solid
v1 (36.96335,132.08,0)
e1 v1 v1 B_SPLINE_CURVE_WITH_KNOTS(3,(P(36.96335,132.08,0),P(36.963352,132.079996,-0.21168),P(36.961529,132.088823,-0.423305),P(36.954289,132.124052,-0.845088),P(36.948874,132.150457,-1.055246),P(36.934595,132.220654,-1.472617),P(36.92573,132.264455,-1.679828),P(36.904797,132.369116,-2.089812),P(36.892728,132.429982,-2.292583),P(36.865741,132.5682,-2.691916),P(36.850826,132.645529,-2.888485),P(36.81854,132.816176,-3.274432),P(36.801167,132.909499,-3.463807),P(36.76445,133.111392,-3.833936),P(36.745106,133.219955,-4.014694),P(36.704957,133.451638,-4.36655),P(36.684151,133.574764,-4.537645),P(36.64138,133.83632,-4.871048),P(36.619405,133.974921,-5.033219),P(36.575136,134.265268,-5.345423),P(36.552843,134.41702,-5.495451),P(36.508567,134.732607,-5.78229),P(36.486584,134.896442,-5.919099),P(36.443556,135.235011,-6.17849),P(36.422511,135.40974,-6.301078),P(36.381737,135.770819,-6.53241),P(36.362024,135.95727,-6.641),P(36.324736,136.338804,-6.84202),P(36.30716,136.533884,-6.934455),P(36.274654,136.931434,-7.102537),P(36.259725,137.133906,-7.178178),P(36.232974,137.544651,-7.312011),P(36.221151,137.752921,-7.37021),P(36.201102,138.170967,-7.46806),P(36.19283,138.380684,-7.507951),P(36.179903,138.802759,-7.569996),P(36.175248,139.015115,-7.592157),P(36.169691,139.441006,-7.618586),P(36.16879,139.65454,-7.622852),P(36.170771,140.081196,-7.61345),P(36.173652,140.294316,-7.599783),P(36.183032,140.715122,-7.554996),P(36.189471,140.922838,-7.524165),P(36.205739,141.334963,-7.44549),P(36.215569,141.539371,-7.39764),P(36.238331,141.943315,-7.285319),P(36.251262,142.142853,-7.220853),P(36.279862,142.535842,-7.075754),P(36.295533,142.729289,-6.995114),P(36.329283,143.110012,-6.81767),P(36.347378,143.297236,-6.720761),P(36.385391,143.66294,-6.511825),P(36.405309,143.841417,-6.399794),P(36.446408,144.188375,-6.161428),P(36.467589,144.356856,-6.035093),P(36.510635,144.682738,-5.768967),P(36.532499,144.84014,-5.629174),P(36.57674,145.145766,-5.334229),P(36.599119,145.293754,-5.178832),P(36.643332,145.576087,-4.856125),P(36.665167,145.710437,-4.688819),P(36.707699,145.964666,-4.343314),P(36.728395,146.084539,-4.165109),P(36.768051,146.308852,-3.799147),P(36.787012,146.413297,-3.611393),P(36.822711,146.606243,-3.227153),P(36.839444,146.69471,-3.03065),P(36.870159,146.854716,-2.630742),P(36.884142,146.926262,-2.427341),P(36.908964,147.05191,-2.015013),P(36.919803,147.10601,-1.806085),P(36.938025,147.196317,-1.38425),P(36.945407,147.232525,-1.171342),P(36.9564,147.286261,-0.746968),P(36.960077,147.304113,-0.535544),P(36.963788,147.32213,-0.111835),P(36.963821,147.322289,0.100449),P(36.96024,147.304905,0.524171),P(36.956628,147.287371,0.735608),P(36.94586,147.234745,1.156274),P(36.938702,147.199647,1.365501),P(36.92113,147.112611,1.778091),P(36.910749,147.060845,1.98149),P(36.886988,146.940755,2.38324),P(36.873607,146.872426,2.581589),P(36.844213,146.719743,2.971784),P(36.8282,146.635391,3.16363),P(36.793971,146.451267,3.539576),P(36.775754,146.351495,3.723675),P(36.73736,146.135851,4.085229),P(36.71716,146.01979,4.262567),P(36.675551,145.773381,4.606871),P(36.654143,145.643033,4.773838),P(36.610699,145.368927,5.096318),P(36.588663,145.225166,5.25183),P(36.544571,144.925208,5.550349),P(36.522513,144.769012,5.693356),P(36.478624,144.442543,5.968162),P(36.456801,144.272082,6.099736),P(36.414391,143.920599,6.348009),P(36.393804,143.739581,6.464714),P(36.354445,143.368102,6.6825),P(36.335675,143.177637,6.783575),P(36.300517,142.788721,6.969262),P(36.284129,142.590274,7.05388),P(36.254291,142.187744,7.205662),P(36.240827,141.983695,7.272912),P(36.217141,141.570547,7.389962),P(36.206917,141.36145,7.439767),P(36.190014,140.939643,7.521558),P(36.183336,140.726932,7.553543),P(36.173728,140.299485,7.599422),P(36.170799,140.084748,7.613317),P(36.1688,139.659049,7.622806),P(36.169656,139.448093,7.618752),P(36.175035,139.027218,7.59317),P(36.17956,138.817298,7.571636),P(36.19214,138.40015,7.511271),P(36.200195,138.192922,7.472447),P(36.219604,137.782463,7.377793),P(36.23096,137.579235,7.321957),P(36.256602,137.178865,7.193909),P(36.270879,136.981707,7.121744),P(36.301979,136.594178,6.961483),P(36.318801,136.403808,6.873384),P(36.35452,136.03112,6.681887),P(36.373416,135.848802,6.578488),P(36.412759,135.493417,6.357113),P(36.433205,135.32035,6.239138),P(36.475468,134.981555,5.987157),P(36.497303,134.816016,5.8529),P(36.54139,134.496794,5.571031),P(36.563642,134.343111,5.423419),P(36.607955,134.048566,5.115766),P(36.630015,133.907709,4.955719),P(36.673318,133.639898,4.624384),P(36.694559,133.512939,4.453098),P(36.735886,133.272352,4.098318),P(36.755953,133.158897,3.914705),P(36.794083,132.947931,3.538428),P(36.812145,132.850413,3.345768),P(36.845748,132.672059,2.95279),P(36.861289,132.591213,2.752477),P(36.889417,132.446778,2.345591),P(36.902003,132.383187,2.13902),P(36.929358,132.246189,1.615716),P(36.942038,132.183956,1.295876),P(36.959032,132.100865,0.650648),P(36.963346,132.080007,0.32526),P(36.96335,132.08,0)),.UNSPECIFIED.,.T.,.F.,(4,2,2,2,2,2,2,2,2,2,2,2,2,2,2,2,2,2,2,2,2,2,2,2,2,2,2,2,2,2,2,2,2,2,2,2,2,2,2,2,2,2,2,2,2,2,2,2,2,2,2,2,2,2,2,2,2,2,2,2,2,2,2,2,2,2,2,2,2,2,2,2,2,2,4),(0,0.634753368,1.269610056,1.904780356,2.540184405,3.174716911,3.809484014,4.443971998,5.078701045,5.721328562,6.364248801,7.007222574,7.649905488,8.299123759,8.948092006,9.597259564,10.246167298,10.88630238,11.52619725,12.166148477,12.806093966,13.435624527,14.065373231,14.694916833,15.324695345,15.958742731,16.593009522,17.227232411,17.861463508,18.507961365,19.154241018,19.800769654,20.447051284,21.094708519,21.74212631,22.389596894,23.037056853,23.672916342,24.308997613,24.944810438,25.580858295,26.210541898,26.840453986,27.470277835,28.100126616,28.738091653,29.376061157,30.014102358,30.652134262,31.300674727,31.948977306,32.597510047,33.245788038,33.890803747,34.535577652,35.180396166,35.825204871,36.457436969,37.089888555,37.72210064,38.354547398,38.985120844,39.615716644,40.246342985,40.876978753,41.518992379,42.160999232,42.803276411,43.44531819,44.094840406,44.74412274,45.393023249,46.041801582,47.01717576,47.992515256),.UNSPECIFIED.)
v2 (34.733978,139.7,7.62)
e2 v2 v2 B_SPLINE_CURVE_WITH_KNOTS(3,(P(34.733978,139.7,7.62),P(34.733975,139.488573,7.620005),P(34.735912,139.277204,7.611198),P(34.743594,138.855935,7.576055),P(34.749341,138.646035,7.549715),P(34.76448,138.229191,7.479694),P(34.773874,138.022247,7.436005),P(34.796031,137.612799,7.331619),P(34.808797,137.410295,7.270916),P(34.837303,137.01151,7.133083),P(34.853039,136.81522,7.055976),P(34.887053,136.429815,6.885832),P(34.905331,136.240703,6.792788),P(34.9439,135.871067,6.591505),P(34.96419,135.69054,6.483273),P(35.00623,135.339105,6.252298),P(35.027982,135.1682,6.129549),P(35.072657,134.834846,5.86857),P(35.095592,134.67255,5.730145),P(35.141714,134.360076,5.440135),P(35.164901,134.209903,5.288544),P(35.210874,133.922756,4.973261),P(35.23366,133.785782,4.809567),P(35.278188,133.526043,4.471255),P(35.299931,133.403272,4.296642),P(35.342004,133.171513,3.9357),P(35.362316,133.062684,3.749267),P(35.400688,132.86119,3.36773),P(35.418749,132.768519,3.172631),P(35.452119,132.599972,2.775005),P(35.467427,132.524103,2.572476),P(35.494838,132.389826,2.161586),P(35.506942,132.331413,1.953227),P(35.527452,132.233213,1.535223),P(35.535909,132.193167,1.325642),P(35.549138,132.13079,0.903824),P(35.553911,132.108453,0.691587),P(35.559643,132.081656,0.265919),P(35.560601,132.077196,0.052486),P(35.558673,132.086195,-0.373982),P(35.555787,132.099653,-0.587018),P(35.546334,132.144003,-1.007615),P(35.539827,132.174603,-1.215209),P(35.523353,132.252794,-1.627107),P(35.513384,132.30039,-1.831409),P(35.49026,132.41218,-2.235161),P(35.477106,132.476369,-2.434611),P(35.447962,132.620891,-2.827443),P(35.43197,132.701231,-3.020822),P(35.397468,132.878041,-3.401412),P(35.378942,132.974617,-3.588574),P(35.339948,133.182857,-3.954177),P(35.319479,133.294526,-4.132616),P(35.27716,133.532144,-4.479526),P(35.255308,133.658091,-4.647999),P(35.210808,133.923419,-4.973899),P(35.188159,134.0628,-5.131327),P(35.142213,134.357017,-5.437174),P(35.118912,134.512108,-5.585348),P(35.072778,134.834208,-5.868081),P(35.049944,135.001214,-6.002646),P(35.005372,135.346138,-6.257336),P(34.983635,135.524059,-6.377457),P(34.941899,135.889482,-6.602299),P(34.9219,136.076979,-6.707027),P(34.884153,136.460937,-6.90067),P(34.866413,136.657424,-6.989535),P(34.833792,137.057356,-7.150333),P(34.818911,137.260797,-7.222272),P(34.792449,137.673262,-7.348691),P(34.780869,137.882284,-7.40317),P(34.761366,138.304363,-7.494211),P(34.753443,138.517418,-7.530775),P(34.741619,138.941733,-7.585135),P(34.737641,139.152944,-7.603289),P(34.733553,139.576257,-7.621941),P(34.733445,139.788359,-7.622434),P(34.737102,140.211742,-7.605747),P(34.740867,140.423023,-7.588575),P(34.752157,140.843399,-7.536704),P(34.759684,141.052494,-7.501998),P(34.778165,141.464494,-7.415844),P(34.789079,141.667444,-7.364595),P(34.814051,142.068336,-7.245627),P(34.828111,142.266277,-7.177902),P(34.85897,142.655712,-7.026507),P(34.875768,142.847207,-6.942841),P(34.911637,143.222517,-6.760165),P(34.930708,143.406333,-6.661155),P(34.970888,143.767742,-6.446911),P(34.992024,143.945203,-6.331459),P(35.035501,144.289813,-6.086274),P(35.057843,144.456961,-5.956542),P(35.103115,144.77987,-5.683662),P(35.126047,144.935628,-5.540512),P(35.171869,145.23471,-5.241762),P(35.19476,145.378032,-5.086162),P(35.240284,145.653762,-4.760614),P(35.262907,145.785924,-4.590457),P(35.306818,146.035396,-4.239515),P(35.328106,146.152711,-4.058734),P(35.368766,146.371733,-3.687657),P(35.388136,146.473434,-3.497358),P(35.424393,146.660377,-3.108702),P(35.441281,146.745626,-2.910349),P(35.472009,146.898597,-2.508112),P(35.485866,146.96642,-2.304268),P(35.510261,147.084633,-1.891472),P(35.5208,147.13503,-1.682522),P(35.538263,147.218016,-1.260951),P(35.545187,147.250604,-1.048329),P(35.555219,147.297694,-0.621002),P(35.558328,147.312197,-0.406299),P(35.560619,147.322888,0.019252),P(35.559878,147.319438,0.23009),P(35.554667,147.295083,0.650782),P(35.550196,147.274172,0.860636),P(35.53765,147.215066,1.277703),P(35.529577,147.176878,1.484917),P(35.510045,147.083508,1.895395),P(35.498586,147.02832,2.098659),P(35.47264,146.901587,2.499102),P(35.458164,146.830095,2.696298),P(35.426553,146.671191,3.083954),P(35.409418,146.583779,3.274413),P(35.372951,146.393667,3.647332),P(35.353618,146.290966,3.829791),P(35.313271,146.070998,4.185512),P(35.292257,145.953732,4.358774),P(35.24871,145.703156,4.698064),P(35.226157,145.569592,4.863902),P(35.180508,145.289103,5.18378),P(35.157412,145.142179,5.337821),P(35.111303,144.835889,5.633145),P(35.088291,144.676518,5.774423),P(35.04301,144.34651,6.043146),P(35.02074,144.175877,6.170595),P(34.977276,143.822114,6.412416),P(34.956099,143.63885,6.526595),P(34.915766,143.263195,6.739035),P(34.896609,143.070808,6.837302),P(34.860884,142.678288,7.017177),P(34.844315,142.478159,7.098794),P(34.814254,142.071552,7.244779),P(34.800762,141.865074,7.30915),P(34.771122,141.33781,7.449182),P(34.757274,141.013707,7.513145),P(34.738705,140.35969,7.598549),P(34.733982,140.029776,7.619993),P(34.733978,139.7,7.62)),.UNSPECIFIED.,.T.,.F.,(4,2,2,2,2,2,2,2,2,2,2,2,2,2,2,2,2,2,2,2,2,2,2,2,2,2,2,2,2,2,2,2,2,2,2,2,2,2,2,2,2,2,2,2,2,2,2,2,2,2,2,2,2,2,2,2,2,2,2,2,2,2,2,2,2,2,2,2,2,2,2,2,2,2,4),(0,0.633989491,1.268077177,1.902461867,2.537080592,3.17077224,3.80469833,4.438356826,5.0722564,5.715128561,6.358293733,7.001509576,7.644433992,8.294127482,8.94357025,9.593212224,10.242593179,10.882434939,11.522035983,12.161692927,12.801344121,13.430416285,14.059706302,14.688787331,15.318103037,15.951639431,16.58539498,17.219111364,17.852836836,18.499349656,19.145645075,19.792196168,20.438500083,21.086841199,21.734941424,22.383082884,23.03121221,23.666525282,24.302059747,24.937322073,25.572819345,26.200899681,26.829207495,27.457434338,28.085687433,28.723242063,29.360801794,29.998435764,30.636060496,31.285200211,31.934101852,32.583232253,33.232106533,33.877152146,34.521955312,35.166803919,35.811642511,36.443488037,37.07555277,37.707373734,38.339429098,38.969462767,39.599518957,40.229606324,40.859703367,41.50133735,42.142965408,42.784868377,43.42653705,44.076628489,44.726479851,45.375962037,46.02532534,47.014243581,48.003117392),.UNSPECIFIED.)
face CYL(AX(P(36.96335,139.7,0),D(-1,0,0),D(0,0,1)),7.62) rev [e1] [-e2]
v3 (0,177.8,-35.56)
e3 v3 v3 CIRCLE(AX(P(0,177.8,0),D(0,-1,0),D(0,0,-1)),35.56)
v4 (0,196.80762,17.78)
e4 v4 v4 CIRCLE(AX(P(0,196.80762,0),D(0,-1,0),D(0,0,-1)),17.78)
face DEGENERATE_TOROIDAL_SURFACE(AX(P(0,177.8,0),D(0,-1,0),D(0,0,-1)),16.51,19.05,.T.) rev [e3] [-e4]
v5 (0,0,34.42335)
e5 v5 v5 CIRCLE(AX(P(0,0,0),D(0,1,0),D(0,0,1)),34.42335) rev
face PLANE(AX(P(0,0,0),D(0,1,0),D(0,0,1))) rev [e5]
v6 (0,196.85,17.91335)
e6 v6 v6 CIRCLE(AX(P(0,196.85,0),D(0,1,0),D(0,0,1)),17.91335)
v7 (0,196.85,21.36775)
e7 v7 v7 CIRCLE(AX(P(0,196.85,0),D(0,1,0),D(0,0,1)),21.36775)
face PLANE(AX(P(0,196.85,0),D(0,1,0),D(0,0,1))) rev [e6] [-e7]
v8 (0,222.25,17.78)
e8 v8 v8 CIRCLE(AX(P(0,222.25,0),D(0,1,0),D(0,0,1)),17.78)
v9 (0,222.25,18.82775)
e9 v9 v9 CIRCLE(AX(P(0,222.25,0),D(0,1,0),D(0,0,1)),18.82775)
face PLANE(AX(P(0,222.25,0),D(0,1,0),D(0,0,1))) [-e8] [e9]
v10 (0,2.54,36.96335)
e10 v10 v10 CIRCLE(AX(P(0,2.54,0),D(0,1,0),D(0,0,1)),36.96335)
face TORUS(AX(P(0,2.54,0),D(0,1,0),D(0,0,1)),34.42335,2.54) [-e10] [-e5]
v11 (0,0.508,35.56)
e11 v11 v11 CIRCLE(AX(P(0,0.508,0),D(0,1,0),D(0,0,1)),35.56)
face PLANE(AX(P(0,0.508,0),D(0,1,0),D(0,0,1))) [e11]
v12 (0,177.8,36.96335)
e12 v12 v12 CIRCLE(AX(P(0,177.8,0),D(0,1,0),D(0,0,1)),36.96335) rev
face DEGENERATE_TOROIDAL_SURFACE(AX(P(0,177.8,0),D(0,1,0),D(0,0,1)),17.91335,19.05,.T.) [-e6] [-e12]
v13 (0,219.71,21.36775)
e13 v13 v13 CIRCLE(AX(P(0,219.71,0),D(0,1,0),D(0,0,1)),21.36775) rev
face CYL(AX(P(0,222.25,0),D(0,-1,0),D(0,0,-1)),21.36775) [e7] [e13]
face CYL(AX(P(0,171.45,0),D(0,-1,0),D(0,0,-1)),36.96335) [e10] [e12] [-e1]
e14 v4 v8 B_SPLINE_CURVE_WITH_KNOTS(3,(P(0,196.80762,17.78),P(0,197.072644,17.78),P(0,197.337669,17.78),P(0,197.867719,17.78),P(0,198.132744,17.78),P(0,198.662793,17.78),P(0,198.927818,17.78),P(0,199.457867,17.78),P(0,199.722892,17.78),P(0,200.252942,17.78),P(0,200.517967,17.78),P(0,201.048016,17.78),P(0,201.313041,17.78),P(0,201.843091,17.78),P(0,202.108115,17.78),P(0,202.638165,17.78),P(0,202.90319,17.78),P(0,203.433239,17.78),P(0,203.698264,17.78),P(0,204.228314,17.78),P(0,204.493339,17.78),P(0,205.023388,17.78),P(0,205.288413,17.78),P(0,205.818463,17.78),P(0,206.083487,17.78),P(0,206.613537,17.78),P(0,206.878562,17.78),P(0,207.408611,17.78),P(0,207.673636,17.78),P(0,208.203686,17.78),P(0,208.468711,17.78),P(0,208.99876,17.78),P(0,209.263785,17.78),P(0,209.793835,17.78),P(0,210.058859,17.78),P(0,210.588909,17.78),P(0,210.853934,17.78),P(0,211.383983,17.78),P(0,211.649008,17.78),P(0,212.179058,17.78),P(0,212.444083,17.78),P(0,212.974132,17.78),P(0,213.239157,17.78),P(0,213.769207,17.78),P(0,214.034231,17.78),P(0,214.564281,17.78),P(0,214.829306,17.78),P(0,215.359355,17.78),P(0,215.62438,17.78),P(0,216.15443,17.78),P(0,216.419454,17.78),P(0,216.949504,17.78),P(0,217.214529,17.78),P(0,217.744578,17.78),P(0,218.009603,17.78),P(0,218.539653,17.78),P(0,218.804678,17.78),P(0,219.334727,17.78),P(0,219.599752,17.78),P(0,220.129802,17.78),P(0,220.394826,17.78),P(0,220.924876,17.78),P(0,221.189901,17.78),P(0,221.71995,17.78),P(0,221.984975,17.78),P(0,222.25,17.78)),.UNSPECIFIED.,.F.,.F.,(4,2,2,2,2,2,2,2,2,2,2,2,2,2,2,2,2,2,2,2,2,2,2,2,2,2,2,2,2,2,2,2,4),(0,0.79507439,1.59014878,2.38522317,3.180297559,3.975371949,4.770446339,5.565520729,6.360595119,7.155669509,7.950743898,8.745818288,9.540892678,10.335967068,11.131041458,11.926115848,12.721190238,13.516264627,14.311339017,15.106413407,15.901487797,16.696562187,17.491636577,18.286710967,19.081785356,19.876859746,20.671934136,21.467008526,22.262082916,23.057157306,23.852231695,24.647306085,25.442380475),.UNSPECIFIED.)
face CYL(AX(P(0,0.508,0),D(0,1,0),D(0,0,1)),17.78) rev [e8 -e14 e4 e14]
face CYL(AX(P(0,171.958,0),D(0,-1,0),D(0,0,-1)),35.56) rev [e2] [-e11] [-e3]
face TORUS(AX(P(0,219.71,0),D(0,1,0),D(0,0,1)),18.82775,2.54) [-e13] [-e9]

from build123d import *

# Parameters (mm, degrees)
SKETCH1_R               = 36.96335
BOSS_EXTRUDE1_DEPTH     = 171.45
FILLET1_R               = 2.54
SKETCH10_R              = 36.96335
BOSS_EXTRUDE2_DEPTH     = 25.4
FILLET2_R               = 19.05
SKETCH11_R              = 21.36775
BOSS_EXTRUDE3_DEPTH     = 25.4
FILLET3_R               = 2.54
SKETCH12_R              = 17.78
CUT_EXTRUDE1_DEPTH      = 221.742
SKETCH13_R              = 35.56
CUT_EXTRUDE2_DEPTH      = 171.45
CUT_EXTRUDE3_DEPTH      = 229.314784975
CUT_EXTRUDE3_DEPTH_BACK = 2.54
SKETCH15_R              = 7.62


with BuildPart() as part:
    # Sketch1 → Boss-Extrude1 (new body)
    with BuildSketch(Plane(origin=(0, 0, 0), x_dir=(1, 0, 0), z_dir=(0, 1, 0))):
        with Locations(Location((0, 0, 0), (0, 0, 270))):
            Circle(SKETCH1_R)
    extrude(amount=BOSS_EXTRUDE1_DEPTH)

    # Fillet1
    fillet1_edges = [part.edges().sort_by_distance(p)[0] for p in [
        (0, 0, -36.96335),
    ]]
    fillet(fillet1_edges, radius=FILLET1_R)

    # Sketch10 → Boss-Extrude2 (add)
    with BuildSketch(Plane(origin=(0, 171.45, 0), x_dir=(1, 0, 0), z_dir=(0, 1, 0))):
        with Locations(Location((0, 0, 0), (0, 0, 270))):
            Circle(SKETCH10_R)
    extrude(amount=BOSS_EXTRUDE2_DEPTH)

    # Fillet2
    fillet2_edges = [part.edges().sort_by_distance(p)[0] for p in [
        (0, 196.85, -36.96335),
    ]]
    fillet(fillet2_edges, radius=FILLET2_R)

    # Sketch11 → Boss-Extrude3 (add)
    with BuildSketch(Plane(origin=(0, 196.85, 0), x_dir=(1, 0, 0), z_dir=(0, 1, 0))):
        with Locations(Location((0, 0, 0), (0, 0, 270))):
            Circle(SKETCH11_R)
    extrude(amount=BOSS_EXTRUDE3_DEPTH)

    # Fillet3
    fillet3_edges = [part.edges().sort_by_distance(p)[0] for p in [
        (0, 222.25, -21.36775),
    ]]
    fillet(fillet3_edges, radius=FILLET3_R)

    # Sketch12 → Cut-Extrude1 (cut)
    with BuildSketch(Plane(origin=(0, 222.25, 0), x_dir=(1, 0, 0), z_dir=(0, 1, 0))):
        with Locations(Location((0, 0, 0), (0, 0, 270))):
            Circle(SKETCH12_R)
    extrude(amount=-CUT_EXTRUDE1_DEPTH, mode=Mode.SUBTRACT)

    # Sketch13 → Cut-Extrude2 (cut)
    with BuildSketch(Plane(origin=(0, 0.508, 0), x_dir=(1, 0, 0), z_dir=(0, 1, 0))):
        with Locations(Location((0, 0, 0), (0, 0, 270))):
            Circle(SKETCH13_R)
    extrude(amount=CUT_EXTRUDE2_DEPTH, mode=Mode.SUBTRACT)

    # Sketch14 → Cut-Revolve1 (revolve, cut)
    with BuildSketch(Plane.XY, mode=Mode.PRIVATE) as cut_revolve1_sk:
        with BuildLine():
            Line((35.56, 171.958), (0, 171.958))
            Line((0, 171.958), (0, 196.85))
            Line((0, 196.85), (16.51, 196.85))
            ThreePointArc((16.51, 196.85), (29.980384182, 191.270384182), (35.56, 177.8))
            Line((35.56, 177.8), (35.56, 171.958))
        make_face()
    revolve(cut_revolve1_sk.sketch.rotate(Axis((0, 171.958, 0), (0, 1, 0)), 90), axis=Axis((0, 171.958, 0), (0, 1, 0)), mode=Mode.SUBTRACT)

    # Sketch15 → Cut-Extrude3 (cut, two sides: drawn at the far end of the back side and taken through both)
    with BuildSketch(Plane(origin=(0, 0, 0), x_dir=(0, 0, -1), z_dir=(1, 0, 0)).offset(-CUT_EXTRUDE3_DEPTH_BACK)):
        with Locations(Location((0, 139.7, 0), (0, 0, 180))):
            Circle(SKETCH15_R)
    extrude(amount=CUT_EXTRUDE3_DEPTH + CUT_EXTRUDE3_DEPTH_BACK, mode=Mode.SUBTRACT)


solid = part.part
